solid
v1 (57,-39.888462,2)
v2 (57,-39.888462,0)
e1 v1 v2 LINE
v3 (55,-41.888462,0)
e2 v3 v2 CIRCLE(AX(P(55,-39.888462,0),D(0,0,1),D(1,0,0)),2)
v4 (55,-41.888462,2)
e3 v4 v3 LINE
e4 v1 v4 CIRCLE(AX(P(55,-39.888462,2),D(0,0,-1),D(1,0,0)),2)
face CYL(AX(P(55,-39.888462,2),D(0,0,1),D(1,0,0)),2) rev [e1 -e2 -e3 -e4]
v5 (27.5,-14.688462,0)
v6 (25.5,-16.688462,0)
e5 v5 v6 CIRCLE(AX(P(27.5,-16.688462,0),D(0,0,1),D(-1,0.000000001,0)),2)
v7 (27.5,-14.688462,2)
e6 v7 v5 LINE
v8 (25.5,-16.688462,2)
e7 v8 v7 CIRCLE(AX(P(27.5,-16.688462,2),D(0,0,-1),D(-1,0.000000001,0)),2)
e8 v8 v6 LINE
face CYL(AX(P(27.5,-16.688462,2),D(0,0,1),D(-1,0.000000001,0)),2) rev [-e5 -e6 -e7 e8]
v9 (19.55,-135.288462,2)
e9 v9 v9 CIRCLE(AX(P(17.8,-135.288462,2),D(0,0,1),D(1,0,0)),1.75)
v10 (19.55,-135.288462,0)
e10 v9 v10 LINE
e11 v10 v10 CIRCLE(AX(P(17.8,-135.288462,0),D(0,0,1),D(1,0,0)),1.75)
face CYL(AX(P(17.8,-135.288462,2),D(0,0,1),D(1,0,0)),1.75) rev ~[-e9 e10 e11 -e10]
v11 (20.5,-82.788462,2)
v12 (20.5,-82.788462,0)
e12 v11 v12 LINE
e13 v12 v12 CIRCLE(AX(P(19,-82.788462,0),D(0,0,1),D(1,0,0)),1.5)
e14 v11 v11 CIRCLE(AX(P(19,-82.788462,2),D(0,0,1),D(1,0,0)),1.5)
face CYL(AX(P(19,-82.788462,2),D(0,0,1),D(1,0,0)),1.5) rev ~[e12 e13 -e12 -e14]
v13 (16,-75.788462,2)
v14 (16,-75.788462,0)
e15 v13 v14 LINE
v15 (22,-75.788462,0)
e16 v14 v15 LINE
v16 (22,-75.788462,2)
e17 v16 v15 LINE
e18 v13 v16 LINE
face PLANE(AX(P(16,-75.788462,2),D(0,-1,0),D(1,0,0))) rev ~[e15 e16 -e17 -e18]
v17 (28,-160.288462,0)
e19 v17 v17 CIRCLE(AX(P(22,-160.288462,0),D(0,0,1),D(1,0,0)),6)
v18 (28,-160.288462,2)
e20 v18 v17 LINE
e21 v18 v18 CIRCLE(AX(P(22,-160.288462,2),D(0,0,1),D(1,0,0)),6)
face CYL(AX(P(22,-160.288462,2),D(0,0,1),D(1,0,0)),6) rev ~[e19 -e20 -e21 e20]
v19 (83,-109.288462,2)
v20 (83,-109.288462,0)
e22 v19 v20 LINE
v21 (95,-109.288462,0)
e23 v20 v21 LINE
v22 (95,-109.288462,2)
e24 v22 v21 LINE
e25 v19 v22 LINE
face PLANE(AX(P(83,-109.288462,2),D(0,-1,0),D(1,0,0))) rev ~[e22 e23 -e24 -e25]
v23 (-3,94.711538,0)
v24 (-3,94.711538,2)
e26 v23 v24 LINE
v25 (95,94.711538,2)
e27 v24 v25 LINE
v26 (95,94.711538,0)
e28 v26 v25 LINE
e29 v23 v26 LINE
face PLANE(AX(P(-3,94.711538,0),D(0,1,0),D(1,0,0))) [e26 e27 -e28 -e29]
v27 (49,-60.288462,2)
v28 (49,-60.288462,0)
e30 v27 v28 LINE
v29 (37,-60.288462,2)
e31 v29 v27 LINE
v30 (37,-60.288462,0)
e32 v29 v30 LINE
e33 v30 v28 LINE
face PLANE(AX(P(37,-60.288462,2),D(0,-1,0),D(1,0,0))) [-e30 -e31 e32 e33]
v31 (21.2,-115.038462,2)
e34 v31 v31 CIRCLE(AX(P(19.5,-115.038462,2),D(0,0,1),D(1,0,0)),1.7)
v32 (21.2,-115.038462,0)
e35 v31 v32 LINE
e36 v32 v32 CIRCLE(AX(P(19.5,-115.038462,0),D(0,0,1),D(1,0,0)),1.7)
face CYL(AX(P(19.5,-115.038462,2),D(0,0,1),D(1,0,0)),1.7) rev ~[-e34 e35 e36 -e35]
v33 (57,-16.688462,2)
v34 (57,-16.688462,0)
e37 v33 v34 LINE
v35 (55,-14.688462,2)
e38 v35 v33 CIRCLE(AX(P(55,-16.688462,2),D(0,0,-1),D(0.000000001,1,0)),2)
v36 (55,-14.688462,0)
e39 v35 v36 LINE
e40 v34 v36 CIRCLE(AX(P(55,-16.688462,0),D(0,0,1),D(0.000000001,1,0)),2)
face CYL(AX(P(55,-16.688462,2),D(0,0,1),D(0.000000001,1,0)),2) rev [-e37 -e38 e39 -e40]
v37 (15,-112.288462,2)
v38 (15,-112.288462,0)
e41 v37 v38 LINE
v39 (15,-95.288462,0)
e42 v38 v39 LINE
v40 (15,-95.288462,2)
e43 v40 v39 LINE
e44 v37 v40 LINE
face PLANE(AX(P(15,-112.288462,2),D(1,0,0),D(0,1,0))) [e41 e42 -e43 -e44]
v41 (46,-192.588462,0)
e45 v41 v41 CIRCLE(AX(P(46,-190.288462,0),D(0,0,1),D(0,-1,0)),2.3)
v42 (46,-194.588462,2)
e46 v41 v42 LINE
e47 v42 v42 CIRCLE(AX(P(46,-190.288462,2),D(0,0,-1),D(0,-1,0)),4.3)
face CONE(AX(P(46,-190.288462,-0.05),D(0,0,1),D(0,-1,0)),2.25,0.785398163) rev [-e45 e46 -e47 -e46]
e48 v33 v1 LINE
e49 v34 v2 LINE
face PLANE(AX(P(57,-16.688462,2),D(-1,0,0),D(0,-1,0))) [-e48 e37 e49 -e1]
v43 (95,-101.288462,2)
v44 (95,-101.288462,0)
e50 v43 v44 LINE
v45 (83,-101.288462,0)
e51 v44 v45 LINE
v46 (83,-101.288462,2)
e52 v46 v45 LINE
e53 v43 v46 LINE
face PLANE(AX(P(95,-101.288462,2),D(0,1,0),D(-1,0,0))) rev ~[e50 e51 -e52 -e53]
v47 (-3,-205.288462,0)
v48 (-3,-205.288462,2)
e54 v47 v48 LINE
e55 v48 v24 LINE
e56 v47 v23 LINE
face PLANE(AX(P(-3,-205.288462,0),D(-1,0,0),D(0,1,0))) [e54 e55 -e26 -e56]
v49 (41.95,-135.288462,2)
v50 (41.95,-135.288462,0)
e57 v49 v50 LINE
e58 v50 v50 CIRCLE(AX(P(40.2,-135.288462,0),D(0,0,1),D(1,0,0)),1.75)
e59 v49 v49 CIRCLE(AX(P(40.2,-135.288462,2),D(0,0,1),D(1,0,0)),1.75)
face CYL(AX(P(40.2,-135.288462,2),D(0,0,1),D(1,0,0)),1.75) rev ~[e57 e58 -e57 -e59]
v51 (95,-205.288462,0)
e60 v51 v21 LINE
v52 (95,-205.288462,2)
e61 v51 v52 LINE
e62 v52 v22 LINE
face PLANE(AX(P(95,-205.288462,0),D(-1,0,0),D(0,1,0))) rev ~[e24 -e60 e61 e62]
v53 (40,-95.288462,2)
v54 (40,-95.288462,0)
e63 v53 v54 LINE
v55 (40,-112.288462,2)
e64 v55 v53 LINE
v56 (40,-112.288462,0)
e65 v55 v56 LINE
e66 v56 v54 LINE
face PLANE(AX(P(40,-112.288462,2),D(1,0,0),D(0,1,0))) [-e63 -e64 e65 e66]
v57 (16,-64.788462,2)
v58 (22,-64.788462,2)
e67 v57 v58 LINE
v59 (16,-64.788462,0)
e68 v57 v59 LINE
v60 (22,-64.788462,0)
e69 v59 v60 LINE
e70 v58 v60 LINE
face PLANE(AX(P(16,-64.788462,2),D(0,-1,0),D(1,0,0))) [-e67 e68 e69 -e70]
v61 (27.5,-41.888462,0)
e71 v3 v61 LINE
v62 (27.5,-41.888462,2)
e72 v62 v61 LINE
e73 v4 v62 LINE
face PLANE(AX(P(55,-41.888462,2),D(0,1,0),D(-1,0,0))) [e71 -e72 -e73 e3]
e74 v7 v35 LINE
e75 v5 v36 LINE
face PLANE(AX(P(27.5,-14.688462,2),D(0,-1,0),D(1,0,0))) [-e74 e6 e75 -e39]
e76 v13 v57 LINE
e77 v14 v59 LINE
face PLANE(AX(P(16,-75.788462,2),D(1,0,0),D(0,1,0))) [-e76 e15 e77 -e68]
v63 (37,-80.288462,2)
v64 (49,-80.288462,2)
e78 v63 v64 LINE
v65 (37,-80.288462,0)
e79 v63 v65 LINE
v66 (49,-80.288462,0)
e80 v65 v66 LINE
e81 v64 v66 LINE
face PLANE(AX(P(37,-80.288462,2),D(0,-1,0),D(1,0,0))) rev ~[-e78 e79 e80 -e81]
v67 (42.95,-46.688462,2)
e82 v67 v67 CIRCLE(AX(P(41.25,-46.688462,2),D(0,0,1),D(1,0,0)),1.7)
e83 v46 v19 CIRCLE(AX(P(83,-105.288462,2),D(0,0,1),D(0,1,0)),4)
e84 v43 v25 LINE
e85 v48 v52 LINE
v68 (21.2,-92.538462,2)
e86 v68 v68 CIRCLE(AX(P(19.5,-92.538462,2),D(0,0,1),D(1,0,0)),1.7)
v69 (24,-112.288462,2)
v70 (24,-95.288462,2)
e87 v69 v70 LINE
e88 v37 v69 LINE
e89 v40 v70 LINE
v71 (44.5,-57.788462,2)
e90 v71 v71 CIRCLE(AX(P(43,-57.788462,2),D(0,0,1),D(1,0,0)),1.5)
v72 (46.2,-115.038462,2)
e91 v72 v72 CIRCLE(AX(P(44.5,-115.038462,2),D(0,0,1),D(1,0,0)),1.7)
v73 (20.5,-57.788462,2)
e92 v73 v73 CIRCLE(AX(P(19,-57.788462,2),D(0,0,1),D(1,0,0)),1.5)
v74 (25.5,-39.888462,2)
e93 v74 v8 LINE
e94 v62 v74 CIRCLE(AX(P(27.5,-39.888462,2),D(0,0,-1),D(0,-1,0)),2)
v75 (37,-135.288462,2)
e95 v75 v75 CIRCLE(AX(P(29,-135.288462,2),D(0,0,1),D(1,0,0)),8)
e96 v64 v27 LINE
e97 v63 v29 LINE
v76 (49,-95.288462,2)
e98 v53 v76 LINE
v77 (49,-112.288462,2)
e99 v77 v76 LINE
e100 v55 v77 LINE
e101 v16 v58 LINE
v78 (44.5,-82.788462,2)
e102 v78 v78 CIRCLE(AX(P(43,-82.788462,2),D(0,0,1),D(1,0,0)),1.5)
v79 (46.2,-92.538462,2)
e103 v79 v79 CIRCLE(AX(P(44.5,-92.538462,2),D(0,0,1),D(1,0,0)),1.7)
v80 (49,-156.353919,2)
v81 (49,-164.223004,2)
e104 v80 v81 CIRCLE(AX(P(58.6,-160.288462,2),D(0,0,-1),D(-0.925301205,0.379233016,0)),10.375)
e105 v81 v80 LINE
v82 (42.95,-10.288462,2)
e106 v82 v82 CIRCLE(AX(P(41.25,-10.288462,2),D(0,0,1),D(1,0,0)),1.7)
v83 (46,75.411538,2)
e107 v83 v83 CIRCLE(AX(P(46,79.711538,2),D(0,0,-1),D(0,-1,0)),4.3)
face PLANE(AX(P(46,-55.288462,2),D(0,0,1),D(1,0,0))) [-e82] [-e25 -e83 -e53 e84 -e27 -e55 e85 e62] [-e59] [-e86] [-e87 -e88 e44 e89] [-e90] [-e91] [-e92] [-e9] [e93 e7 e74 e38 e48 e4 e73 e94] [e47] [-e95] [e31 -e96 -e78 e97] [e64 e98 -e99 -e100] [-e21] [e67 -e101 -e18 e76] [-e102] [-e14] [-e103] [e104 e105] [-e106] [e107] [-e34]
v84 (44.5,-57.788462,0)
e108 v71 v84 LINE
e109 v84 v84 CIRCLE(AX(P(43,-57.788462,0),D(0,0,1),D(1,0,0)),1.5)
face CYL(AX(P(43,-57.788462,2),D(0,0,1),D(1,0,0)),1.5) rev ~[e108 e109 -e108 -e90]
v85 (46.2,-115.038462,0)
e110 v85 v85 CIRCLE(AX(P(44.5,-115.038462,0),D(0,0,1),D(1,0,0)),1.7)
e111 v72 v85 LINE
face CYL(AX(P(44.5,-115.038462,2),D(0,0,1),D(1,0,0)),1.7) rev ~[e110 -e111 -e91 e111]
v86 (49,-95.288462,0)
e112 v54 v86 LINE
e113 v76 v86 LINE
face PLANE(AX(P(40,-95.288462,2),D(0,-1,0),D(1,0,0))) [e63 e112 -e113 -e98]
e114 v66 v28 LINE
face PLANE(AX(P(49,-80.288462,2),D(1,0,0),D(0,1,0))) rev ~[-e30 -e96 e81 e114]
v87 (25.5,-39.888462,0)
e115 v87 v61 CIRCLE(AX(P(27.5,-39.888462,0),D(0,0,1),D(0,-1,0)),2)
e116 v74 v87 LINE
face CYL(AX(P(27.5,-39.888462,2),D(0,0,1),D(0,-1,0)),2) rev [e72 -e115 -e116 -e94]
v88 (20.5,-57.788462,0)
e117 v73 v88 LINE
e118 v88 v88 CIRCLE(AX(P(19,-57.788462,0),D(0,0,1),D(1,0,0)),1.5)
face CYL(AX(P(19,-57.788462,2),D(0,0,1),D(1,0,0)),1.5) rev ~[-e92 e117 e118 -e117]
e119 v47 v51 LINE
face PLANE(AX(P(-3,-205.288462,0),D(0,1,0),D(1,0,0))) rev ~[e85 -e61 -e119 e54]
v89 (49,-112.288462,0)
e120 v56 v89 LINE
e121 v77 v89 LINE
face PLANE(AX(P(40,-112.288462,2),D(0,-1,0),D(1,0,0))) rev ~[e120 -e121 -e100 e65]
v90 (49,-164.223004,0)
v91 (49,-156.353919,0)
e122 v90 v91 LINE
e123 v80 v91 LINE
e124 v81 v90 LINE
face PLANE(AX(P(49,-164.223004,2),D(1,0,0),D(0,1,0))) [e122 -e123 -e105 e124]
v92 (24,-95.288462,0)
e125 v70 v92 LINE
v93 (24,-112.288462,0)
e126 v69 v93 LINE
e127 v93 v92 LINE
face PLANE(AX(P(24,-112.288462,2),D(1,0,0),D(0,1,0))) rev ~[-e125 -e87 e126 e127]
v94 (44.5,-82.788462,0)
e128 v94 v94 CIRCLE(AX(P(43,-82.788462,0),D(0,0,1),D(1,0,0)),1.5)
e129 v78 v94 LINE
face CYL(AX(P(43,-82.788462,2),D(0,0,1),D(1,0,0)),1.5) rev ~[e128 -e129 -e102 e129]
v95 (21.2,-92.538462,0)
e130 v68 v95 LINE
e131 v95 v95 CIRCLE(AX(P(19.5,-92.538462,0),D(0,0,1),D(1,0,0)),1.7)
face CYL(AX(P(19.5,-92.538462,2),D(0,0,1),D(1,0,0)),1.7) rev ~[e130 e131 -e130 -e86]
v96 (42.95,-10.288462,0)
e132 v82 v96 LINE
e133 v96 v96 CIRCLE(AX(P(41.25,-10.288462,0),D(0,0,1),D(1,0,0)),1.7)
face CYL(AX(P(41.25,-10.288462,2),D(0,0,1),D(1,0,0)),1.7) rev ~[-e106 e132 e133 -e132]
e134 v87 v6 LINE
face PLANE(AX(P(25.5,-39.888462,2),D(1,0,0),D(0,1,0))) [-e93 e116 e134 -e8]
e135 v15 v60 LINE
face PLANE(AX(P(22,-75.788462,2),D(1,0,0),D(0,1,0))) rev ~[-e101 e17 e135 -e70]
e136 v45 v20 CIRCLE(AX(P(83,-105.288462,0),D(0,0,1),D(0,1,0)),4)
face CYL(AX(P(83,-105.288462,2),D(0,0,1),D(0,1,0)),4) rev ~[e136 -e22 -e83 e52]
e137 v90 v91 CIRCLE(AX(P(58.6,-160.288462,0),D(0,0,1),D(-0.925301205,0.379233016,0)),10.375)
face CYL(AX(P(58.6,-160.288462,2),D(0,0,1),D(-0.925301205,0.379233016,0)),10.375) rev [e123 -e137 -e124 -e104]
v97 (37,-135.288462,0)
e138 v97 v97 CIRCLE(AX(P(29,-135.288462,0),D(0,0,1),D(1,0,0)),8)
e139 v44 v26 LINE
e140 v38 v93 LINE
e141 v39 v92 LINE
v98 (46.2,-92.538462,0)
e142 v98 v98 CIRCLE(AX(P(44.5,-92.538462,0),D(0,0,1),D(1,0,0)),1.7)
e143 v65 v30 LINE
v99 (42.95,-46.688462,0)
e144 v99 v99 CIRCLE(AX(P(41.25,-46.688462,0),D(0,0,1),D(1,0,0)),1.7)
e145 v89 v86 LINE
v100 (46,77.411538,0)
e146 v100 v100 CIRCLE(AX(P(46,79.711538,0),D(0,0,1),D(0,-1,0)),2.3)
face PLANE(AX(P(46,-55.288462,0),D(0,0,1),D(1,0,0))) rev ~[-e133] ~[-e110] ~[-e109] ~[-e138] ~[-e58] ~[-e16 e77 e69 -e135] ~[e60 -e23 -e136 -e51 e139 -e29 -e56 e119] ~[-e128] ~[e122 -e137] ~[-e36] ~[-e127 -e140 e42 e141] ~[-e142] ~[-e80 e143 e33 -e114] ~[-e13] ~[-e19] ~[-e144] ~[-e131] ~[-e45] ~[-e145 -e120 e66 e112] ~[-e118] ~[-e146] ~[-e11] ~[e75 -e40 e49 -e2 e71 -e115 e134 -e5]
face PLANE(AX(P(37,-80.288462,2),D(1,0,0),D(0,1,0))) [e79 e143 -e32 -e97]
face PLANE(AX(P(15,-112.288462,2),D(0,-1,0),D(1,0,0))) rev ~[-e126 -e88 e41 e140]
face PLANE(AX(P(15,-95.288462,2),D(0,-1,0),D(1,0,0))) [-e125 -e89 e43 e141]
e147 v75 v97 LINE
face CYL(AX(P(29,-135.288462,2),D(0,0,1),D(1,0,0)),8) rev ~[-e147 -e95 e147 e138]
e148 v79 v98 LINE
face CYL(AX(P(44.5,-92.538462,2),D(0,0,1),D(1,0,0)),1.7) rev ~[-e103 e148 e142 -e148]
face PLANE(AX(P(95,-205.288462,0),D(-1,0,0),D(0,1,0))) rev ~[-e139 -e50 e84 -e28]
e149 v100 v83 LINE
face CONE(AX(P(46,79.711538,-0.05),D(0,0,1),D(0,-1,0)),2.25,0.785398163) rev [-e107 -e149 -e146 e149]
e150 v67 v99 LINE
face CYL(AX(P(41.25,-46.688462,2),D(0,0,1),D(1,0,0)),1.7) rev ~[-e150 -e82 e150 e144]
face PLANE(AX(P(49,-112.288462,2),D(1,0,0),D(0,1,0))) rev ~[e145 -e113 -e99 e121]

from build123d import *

# Parameters (mm, degrees)
SKIZZE2_W                                   = 98
SKIZZE2_H                                   = 300
AUFSATZ_LINEAR_AUSTRAGEN1_DEPTH             = 2
FORMSENKUNG_F_R_M4_SENKSCHRAUBE_MIT_2_COUNT = 2
FORMSENKUNG_F_R_M4_SENKSCHRAUBE_MIT_2_PITCH = 270
SKIZZE6_R                                   = 1.7
SKIZZE6_R_2                                 = 8
SKIZZE6_R_3                                 = 1.5
SKIZZE6_R_4                                 = 6
SKIZZE6_R_5                                 = 1.75
SKIZZE6_W                                   = 9
SKIZZE6_H                                   = 17
SKIZZE6_W_2                                 = 12
SKIZZE6_H_2                                 = 20
SKIZZE6_W_3                                 = 6
SKIZZE6_H_3                                 = 11
SCHNITT_LINEAR_AUSTRAGEN1_DEPTH             = 10


with BuildPart() as part:
    # Skizze2 → Aufsatz-Linear austragen1 (new body)
    with BuildSketch(Plane.XY):
        with Locations((46, -55.288461538)):
            Rectangle(SKIZZE2_W, SKIZZE2_H)
    extrude(amount=AUFSATZ_LINEAR_AUSTRAGEN1_DEPTH)

    # Skizze4 → Formsenkung für M4 Senkschraube mit Innensechskant1 (revolve, cut)
    with BuildSketch(Plane(origin=(46, 79.711538462, 2), x_dir=(0, -1, 0), z_dir=(1, 0, 0))):
        Polygon((0, 0), (0, 2), (2.25, 2), (2.25, 2.05), (4.3, 0), align=None)
    formsenkung_f_r_m4_senkschraube_mit_inne = revolve(axis=Axis((46, 79.711538462, 8.35), (0, 0, -1)), mode=Mode.SUBTRACT)

    # Formsenkung f_r M4 Senkschraube mit  2: Formsenkung für M4 Senkschraube mit Innensechskant1 ×2
    with Locations(*[(0, -i * FORMSENKUNG_F_R_M4_SENKSCHRAUBE_MIT_2_PITCH, 0) for i in range(1, FORMSENKUNG_F_R_M4_SENKSCHRAUBE_MIT_2_COUNT)]):
        add(formsenkung_f_r_m4_senkschraube_mit_inne, mode=Mode.SUBTRACT)

    # Skizze6 → Schnitt-Linear austragen1 (cut)
    with BuildSketch(Plane.XY.offset(2)):
        with Locations((41.25, -10.288461538)):
            Circle(SKIZZE6_R)
        with Locations((41.25, -46.688461538)):
            Circle(SKIZZE6_R)
        with Locations((44.5, -92.538461538)):
            Circle(SKIZZE6_R)
        with Locations((44.5, -115.038461538)):
            Circle(SKIZZE6_R)
        with Locations((29, -135.288461538)):
            Circle(SKIZZE6_R_2)
        with Locations((43, -57.788461538)):
            Circle(SKIZZE6_R_3)
        with Locations((43, -82.788461538)):
            Circle(SKIZZE6_R_3)
        with Locations((22, -160.288461538)):
            Circle(SKIZZE6_R_4)
        with Locations((40.2, -135.288461538)):
            Circle(SKIZZE6_R_5)
        with Locations((17.8, -135.288461538)):
            Circle(SKIZZE6_R_5)
        with Locations((19.5, -115.038461538)):
            Circle(SKIZZE6_R)
        with Locations((19.5, -92.538461538)):
            Circle(SKIZZE6_R)
        with Locations((19, -57.788461538)):
            Circle(SKIZZE6_R_3)
        with Locations((19, -82.788461538)):
            Circle(SKIZZE6_R_3)
        with BuildLine():
            Line((27.5, -14.688461538), (55, -14.688461538))
            ThreePointArc((55, -14.688461538), (56.414213562, -15.274247976), (57, -16.688461538))
            Line((57, -16.688461538), (57, -39.888461538))
            ThreePointArc((57, -39.888461538), (56.414213562, -41.302675101), (55, -41.888461538))
            Line((55, -41.888461538), (27.5, -41.888461538))
            ThreePointArc((27.5, -41.888461538), (26.085786438, -41.302675101), (25.5, -39.888461538))
            Line((25.5, -39.888461538), (25.5, -16.688461538))
            ThreePointArc((25.5, -16.688461538), (26.085786438, -15.274247976), (27.5, -14.688461538))
        make_face()
        with Locations((44.5, -103.788461538)):
            Rectangle(SKIZZE6_W, SKIZZE6_H)
        with Locations((43, -70.288461538)):
            Rectangle(SKIZZE6_W_2, SKIZZE6_H_2)
        with Locations((19, -70.288461538)):
            Rectangle(SKIZZE6_W_3, SKIZZE6_H_3)
        with BuildLine():
            Line((49, -164.223004079), (49, -156.353918998))
            ThreePointArc((49, -156.353918998), (68.975, -160.288461538), (49, -164.223004079))
        make_face()
        with Locations((19.5, -103.788461538)):
            Rectangle(SKIZZE6_W, SKIZZE6_H)
        with BuildLine():
            Line((95, -101.288461538), (83, -101.288461538))
            ThreePointArc((83, -101.288461538), (79, -105.288461538), (83, -109.288461538))
            Line((83, -109.288461538), (95, -109.288461538))
            Line((95, -109.288461538), (95, -101.288461538))
        make_face()
    extrude(amount=-SCHNITT_LINEAR_AUSTRAGEN1_DEPTH, mode=Mode.SUBTRACT)


solid = part.part
